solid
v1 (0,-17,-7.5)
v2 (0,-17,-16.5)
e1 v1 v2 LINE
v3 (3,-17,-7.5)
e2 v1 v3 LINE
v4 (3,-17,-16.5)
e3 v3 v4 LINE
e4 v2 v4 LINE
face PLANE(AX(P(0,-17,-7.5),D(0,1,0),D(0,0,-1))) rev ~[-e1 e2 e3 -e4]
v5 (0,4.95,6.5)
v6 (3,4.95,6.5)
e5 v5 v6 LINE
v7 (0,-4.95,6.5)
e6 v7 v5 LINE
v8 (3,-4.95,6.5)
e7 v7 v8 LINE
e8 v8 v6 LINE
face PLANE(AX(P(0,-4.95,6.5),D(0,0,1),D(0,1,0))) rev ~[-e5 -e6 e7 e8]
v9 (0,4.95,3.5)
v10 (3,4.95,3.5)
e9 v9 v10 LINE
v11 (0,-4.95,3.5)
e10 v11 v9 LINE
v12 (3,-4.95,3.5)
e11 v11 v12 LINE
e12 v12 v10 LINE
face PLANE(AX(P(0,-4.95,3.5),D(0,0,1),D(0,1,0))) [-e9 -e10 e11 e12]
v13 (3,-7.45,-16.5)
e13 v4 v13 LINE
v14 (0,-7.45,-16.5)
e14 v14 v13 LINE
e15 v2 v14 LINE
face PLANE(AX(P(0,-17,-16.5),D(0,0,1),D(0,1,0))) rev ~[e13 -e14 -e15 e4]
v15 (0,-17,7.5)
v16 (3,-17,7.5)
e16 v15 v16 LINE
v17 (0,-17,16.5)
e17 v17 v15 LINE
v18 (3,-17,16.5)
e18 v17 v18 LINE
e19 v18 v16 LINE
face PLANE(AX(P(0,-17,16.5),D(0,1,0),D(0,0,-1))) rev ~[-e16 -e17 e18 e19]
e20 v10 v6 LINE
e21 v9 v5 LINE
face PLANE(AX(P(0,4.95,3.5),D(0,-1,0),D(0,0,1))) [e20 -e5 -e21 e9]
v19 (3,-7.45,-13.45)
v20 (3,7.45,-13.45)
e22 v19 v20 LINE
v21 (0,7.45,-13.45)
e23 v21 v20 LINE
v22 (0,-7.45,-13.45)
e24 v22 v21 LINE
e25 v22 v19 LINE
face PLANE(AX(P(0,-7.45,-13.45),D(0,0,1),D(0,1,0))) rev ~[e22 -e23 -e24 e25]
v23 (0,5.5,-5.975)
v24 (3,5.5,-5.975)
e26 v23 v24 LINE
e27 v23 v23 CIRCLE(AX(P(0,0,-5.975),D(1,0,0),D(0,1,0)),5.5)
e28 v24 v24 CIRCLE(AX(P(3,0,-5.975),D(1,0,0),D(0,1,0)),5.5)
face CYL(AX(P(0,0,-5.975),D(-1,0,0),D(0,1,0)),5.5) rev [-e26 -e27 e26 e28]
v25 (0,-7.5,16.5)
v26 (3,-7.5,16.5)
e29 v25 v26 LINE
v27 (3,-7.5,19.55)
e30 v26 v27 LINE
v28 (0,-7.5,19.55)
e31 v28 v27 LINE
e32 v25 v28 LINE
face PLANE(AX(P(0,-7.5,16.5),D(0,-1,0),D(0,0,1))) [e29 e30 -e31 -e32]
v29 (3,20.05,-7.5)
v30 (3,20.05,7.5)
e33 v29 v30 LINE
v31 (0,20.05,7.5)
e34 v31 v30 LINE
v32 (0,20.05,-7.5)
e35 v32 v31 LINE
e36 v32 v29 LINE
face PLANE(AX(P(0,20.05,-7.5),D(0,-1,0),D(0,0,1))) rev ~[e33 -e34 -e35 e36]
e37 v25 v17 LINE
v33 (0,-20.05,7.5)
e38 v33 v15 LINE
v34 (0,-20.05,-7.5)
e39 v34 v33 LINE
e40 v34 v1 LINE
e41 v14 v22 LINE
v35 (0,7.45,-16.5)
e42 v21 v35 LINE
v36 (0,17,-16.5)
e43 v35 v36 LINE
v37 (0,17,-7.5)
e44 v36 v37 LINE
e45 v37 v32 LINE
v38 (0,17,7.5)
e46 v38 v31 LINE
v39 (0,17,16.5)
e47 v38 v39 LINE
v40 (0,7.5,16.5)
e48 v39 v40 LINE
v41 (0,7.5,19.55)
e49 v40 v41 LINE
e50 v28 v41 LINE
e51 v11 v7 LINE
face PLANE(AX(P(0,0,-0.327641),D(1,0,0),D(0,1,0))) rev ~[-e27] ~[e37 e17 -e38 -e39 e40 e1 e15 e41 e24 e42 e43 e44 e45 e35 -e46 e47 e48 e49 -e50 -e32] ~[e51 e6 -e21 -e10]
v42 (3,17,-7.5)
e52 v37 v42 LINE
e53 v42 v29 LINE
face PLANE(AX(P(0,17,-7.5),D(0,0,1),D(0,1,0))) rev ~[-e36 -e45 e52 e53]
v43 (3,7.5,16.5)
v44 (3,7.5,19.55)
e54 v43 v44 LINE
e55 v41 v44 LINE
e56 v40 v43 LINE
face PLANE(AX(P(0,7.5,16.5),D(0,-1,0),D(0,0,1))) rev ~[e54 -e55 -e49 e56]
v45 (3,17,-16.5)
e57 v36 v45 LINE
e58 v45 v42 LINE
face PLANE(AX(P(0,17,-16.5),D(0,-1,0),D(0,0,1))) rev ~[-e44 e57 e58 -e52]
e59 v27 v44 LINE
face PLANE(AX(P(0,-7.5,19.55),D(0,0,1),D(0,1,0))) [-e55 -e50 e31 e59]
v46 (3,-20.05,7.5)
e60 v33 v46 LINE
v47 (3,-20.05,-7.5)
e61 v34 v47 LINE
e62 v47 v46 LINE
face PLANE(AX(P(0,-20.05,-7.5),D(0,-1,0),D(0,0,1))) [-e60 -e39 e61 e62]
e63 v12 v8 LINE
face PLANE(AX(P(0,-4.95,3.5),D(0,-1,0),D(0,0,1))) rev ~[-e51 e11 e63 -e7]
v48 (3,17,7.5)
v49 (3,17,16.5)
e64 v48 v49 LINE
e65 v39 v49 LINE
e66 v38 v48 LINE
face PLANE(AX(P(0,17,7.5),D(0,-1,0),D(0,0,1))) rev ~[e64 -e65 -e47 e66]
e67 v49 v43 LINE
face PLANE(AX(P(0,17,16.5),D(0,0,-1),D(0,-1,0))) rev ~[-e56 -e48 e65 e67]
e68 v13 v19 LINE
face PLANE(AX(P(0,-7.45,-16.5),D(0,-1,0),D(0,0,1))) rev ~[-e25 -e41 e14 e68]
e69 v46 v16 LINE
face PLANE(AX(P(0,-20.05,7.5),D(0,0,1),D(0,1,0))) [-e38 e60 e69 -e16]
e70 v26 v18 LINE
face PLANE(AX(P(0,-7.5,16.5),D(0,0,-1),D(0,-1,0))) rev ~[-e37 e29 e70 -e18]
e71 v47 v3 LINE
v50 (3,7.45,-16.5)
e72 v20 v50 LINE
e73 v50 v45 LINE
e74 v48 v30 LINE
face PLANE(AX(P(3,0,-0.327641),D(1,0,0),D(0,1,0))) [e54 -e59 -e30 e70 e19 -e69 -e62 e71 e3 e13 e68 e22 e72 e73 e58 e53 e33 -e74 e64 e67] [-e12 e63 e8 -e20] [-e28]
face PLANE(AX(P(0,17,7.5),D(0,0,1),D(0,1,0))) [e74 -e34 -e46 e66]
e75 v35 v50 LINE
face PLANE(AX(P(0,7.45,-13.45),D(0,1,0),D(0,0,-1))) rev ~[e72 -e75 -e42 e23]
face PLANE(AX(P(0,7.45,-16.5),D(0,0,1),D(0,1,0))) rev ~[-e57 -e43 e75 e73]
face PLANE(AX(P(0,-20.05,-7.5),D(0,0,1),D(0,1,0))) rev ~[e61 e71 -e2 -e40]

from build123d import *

# Parameters (mm, degrees)
F0_R     = 5.5
F0_W     = 9.9
F0_H     = 3
F0_W_2   = 15
F0_H_2   = 3.05
F0_W_3   = 3.05
F0_H_3   = 15
F1_DEPTH = 3


with BuildPart() as f1:
    # F0 (on Right) → F1 (new body)
    with BuildSketch(Plane.YZ):
        Polygon((17, 7.5), (17, 16.5), (7.5, 16.5), (-7.5, 16.5), (-17, 16.5), (-17, 7.5), (-17, -7.5), (-17, -16.5), (-7.45, -16.5), (-7.45, -13.45), (7.45, -13.45), (7.45, -16.5), (17, -16.5), (17, -7.5), align=None)
        with Locations((0, -5.975)):
            Circle(F0_R, mode=Mode.SUBTRACT)
        with Locations((0, 5)):
            Rectangle(F0_W, F0_H, mode=Mode.SUBTRACT)
        with Locations((0, 18.025)):
            Rectangle(F0_W_2, F0_H_2)
        with Locations((-18.525, 0)):
            Rectangle(F0_W_3, F0_H_3)
        with Locations((18.525, 0)):
            Rectangle(F0_W_3, F0_H_3)
    extrude(amount=F1_DEPTH)


solid = f1.part
